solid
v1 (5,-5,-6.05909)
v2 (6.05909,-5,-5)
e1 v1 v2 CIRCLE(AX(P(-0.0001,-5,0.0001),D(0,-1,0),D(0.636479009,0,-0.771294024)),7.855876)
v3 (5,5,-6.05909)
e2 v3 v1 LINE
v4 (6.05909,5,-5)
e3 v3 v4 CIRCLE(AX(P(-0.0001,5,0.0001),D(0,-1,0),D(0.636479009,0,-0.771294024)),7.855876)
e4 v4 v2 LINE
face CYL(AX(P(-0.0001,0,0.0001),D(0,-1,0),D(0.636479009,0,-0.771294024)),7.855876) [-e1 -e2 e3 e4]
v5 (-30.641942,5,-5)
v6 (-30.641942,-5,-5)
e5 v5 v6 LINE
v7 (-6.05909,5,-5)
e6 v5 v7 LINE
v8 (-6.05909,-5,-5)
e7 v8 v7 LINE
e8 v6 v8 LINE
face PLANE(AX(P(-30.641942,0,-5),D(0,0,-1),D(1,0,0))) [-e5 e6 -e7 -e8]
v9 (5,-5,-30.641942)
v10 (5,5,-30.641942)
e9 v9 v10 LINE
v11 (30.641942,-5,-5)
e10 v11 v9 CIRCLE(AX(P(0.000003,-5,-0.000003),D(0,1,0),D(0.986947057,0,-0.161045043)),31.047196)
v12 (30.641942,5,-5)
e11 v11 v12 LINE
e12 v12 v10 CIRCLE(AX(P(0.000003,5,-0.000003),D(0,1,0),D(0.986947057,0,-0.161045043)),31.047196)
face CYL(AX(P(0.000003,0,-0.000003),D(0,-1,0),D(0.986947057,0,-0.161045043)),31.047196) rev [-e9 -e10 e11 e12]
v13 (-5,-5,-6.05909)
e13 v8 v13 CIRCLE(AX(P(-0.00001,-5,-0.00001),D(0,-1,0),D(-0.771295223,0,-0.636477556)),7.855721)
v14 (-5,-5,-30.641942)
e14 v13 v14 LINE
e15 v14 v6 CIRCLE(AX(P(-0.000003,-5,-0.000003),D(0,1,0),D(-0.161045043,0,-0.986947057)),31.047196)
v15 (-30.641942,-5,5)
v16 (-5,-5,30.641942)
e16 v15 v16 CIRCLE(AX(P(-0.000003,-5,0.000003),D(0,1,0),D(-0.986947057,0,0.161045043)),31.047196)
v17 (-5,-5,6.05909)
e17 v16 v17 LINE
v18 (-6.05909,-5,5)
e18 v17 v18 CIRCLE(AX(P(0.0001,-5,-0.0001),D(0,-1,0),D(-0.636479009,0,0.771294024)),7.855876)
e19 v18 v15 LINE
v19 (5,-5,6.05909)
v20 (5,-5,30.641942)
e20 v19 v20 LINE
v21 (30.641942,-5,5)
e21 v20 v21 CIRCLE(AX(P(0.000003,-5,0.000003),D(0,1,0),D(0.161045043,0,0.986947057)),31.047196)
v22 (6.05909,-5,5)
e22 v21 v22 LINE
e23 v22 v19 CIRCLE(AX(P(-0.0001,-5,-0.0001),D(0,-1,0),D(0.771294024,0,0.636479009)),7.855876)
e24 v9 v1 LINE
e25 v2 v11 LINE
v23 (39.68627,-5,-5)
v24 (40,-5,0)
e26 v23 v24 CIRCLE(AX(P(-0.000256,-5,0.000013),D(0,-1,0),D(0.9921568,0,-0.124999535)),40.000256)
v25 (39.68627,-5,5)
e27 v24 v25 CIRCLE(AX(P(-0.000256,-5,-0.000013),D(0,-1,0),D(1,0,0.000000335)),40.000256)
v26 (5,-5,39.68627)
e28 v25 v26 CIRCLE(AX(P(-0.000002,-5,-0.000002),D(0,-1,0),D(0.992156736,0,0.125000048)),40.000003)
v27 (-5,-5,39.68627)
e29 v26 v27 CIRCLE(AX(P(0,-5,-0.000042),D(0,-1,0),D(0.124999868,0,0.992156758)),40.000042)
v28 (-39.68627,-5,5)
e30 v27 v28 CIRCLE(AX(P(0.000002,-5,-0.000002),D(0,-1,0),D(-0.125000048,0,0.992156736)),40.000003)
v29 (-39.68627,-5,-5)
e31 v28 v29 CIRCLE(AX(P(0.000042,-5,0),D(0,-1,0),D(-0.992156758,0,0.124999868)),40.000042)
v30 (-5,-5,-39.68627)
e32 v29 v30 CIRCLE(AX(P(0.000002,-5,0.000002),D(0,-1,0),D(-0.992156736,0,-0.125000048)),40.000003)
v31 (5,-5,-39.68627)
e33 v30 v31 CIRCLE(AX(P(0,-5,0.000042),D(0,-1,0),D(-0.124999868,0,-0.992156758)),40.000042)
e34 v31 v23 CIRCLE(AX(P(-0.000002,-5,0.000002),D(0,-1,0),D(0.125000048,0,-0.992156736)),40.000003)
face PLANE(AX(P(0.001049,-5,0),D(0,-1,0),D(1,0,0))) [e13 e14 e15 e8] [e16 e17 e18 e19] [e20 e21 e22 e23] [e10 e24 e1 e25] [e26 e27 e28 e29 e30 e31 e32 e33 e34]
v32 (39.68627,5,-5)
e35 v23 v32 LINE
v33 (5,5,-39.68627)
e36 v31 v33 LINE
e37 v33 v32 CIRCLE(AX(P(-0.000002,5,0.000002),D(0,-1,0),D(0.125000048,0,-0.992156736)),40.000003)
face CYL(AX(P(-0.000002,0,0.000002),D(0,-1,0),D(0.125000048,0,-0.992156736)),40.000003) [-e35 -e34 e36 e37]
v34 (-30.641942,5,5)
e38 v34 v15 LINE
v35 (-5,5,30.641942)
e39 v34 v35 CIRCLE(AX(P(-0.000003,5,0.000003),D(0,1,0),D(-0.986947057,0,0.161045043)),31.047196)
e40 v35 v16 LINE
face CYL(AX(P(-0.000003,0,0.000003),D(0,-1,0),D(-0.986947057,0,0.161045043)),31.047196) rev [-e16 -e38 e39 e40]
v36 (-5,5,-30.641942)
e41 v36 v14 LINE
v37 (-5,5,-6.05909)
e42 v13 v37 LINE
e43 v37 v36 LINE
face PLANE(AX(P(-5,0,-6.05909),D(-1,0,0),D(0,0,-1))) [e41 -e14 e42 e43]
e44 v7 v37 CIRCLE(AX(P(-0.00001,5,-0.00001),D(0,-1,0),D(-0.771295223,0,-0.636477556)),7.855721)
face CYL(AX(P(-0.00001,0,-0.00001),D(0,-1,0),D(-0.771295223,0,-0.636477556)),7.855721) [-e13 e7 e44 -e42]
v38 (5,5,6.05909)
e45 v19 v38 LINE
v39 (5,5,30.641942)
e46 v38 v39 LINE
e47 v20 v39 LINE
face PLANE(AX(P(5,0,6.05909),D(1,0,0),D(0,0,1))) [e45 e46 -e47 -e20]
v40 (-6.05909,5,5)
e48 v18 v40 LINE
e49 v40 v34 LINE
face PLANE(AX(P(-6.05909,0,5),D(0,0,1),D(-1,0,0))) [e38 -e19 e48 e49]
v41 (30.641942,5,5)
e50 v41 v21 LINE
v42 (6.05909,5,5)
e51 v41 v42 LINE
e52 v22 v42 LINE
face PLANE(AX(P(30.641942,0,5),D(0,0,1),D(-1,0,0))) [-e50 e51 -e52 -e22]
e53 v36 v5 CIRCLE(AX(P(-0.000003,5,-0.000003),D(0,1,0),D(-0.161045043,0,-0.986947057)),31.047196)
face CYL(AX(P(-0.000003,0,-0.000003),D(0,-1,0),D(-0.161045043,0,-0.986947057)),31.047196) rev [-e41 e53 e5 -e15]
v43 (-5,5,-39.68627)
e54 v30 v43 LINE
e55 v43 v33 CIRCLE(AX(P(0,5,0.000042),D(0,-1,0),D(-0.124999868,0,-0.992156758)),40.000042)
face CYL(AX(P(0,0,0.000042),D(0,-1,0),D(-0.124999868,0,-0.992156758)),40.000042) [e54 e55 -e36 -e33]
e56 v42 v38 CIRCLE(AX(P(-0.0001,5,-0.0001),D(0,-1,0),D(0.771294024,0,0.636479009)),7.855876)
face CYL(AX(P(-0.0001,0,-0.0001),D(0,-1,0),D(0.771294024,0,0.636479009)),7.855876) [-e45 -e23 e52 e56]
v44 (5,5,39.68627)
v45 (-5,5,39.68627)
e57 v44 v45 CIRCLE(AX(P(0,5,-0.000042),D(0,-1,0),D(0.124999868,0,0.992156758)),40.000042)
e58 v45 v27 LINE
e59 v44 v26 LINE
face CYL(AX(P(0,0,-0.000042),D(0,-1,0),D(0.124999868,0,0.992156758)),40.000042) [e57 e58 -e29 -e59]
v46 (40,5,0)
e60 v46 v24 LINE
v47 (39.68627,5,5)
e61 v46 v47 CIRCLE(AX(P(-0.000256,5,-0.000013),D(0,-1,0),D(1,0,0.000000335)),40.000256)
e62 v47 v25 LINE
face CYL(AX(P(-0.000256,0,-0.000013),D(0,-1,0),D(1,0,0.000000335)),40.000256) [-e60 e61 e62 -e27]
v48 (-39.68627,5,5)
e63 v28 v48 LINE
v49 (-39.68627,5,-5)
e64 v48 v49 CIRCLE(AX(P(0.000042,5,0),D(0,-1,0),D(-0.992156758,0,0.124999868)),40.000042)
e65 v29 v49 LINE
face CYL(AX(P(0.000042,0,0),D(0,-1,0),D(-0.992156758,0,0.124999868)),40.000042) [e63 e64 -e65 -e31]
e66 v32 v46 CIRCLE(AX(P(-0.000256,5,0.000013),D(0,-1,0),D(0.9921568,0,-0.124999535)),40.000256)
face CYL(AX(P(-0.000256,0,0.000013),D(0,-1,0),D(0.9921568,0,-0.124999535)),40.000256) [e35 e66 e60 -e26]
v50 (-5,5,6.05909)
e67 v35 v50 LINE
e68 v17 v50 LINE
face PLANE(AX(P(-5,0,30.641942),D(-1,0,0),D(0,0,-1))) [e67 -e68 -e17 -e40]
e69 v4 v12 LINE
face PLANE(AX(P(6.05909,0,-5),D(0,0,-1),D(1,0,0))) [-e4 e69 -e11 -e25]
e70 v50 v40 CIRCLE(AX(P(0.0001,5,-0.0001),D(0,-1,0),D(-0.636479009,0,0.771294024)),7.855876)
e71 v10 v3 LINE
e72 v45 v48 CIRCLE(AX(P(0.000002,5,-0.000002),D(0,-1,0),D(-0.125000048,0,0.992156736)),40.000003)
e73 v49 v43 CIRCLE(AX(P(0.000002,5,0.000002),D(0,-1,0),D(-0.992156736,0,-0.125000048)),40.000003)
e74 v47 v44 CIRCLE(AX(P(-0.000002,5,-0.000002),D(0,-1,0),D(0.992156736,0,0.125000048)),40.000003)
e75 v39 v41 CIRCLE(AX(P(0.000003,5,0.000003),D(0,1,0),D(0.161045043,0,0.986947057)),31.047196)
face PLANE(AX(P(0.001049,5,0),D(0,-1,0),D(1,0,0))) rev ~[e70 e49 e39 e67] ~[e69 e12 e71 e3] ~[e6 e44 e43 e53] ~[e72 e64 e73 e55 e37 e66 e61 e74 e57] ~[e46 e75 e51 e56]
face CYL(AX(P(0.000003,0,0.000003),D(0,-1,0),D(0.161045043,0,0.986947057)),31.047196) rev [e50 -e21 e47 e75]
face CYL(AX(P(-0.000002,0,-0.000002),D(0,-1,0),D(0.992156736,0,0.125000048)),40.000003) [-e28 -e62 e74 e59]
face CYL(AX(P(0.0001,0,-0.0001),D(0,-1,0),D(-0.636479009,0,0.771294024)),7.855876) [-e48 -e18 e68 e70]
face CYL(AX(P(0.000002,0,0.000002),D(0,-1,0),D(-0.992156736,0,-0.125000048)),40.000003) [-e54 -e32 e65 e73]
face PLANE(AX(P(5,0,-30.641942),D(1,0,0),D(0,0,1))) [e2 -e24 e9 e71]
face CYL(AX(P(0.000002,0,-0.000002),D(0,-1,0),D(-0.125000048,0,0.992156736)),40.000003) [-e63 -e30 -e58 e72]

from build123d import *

# Parameters (mm, degrees)
F1_DEPTH = 5


with BuildPart() as f1:
    # F0 (on Front) → F1 (new body, symmetric)
    with BuildSketch(Plane.XZ):
        with BuildLine():
            ThreePointArc((39.68627, -5), (39.92149, -2.504917), (40, 0))
            ThreePointArc((40, 0), (39.92149, 2.504917), (39.68627, 5))
            ThreePointArc((39.68627, 5), (28.284271, 28.284271), (5, 39.68627))
            ThreePointArc((5, 39.68627), (0, 40), (-5, 39.68627))
            ThreePointArc((-5, 39.68627), (-28.284271, 28.284271), (-39.68627, 5))
            ThreePointArc((-39.68627, 5), (-40, 0), (-39.68627, -5))
            ThreePointArc((-39.68627, -5), (-28.284271, -28.284271), (-5, -39.68627))
            ThreePointArc((-5, -39.68627), (0, -40), (5, -39.68627))
            ThreePointArc((5, -39.68627), (28.284271, -28.284271), (39.68627, -5))
        make_face()
        with BuildLine():
            ThreePointArc((-5, -30.641942), (-21.953686, -21.953686), (-30.641942, -5))
            Line((-30.641942, -5), (-6.05909, -5))
            ThreePointArc((-6.05909, -5), (-5.554843, -5.554844), (-5, -6.05909))
            Line((-5, -6.05909), (-5, -30.641942))
        make_face(mode=Mode.SUBTRACT)
        with BuildLine():
            ThreePointArc((5, -6.05909), (5.554843, -5.554843), (6.05909, -5))
            Line((6.05909, -5), (30.641942, -5))
            ThreePointArc((30.641942, -5), (21.953686, -21.953686), (5, -30.641942))
            Line((5, -30.641942), (5, -6.05909))
        make_face(mode=Mode.SUBTRACT)
        with BuildLine():
            ThreePointArc((-30.641942, 5), (-21.953686, 21.953686), (-5, 30.641942))
            Line((-5, 30.641942), (-5, 6.05909))
            ThreePointArc((-5, 6.05909), (-5.554843, 5.554843), (-6.05909, 5))
            Line((-6.05909, 5), (-30.641942, 5))
        make_face(mode=Mode.SUBTRACT)
        with BuildLine():
            Line((30.641942, 5), (6.05909, 5))
            ThreePointArc((6.05909, 5), (5.554843, 5.554843), (5, 6.05909))
            Line((5, 6.05909), (5, 30.641942))
            ThreePointArc((5, 30.641942), (21.953686, 21.953686), (30.641942, 5))
        make_face(mode=Mode.SUBTRACT)
    extrude(amount=F1_DEPTH, both=True)


solid = f1.part
